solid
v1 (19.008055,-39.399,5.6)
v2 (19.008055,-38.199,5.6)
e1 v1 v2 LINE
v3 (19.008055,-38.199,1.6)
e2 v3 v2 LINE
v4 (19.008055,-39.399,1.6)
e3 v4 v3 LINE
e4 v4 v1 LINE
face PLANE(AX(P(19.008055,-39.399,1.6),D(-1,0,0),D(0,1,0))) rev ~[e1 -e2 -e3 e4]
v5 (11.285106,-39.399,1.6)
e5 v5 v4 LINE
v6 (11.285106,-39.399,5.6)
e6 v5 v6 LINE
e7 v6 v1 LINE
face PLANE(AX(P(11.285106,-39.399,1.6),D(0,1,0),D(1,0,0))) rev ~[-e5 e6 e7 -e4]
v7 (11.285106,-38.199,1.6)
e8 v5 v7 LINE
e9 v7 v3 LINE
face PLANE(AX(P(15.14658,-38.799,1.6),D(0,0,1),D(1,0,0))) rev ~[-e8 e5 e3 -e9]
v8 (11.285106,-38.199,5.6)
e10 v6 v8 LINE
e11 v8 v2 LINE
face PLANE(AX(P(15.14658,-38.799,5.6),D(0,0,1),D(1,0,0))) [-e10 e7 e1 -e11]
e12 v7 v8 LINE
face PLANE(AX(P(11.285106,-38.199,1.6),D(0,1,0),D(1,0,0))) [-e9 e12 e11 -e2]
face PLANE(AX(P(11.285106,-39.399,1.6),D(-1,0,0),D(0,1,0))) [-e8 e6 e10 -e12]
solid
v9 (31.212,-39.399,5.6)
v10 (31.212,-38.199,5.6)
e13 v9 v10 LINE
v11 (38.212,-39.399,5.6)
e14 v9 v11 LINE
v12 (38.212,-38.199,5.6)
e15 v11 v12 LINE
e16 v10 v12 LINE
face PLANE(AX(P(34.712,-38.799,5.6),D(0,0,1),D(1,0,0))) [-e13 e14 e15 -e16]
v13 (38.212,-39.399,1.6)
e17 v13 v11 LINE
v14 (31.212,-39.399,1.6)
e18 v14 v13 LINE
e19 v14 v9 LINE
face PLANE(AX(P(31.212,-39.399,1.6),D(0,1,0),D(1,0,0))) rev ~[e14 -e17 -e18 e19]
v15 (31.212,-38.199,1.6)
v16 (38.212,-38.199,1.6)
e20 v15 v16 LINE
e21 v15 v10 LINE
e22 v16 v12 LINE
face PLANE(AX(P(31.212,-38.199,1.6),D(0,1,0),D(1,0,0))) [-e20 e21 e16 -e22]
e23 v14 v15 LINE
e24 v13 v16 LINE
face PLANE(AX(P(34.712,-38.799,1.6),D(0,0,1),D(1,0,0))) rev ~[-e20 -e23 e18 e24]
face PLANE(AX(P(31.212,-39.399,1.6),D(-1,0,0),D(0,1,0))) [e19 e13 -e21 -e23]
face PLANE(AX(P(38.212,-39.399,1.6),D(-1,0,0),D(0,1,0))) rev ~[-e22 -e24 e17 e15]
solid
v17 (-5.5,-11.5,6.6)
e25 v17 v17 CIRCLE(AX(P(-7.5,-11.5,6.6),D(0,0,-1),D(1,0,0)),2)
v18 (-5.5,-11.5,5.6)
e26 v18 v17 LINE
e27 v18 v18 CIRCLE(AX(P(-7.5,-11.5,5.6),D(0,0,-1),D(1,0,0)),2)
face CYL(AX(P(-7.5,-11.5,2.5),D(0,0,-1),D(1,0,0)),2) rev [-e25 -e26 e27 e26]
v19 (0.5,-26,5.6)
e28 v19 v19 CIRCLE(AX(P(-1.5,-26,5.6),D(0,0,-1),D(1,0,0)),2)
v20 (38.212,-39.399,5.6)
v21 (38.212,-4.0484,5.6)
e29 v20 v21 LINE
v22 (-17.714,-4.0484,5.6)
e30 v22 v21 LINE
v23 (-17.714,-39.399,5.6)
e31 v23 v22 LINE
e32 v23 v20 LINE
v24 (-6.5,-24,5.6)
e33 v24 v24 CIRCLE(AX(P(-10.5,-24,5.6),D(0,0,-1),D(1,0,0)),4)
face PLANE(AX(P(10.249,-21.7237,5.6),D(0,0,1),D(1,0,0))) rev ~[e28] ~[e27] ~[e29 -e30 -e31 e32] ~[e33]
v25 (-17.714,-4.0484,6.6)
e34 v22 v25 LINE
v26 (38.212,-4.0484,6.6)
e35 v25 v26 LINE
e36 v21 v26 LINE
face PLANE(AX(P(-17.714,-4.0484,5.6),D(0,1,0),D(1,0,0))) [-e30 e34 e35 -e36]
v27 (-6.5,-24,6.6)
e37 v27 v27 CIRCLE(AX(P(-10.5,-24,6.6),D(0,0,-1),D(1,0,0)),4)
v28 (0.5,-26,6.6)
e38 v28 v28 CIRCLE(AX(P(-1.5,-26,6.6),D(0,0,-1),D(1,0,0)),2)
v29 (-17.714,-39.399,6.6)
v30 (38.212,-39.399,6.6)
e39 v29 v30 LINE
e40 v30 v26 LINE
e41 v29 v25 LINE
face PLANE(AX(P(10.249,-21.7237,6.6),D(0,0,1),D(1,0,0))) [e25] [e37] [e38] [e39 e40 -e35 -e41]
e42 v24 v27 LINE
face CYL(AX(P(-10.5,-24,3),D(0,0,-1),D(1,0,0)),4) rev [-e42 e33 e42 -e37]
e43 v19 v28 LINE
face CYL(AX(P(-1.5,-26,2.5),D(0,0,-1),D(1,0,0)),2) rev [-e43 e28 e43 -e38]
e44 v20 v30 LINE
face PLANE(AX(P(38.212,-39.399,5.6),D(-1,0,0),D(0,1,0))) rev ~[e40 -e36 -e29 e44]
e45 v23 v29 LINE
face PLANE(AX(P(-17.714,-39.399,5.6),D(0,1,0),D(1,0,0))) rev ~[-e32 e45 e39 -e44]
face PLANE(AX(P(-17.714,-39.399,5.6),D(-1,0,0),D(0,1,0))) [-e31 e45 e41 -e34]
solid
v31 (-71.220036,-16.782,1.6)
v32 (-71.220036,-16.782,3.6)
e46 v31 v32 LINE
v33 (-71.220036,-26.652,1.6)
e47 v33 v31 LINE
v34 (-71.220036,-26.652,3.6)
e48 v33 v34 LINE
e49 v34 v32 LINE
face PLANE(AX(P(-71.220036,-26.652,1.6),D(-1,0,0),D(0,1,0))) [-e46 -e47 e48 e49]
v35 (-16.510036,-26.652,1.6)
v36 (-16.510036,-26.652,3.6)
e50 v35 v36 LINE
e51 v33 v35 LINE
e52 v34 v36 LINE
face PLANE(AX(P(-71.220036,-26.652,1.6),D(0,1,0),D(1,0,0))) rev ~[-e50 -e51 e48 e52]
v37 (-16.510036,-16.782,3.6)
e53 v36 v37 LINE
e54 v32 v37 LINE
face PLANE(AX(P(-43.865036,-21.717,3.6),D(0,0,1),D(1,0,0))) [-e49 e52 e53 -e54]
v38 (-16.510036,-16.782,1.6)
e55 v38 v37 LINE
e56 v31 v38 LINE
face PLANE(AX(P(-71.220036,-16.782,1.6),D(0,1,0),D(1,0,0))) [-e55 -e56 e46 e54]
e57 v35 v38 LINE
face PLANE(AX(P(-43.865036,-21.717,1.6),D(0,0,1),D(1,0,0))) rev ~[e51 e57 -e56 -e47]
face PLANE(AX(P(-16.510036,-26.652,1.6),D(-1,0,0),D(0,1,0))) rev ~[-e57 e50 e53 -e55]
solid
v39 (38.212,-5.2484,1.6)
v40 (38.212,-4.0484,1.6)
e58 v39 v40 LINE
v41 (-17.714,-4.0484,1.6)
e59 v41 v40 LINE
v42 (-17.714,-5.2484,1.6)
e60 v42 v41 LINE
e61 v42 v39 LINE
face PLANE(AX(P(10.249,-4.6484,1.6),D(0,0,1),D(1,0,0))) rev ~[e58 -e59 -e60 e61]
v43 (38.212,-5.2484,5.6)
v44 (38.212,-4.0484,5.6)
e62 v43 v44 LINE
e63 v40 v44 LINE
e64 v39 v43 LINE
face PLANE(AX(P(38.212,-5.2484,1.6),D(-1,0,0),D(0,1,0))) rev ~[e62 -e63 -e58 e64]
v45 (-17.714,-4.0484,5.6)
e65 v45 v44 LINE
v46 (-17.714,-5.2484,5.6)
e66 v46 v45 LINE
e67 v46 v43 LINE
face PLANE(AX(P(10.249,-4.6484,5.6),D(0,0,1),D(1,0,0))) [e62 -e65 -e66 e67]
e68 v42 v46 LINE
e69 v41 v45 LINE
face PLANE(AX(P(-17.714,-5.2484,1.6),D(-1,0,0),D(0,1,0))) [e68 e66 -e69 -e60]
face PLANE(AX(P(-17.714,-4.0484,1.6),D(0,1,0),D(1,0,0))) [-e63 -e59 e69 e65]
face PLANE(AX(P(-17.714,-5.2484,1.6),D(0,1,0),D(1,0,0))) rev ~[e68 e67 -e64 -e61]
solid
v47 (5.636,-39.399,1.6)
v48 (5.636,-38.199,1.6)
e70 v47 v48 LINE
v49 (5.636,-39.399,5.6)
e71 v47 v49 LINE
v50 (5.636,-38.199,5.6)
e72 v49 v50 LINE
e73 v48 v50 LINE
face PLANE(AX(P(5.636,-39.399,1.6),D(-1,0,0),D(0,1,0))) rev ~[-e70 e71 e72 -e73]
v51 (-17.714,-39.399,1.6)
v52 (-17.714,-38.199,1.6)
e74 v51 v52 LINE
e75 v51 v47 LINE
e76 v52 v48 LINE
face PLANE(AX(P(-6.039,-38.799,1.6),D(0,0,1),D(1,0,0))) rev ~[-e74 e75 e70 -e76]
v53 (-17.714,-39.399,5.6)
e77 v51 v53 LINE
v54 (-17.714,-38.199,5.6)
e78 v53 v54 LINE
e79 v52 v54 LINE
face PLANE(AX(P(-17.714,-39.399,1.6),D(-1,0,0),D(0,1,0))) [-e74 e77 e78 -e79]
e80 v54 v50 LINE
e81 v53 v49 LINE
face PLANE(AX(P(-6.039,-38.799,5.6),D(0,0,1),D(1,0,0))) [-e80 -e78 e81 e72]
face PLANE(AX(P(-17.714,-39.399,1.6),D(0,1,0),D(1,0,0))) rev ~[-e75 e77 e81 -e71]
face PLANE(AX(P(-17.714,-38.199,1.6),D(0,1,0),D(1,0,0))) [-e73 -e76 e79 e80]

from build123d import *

# Parameters (mm, degrees)
SKETCH003_W       = 7
SKETCH003_H       = 1.2
EXTRUDE024_DEPTH  = 4
SKETCH005_W       = 7.722949
SKETCH005_H       = 1.2
EXTRUDE026_DEPTH  = 4
SKETCH007_W       = 23.35
SKETCH007_H       = 1.2
EXTRUDE028_DEPTH  = 4
SKETCH012_W       = 54.71
SKETCH012_H       = 9.87
EXTRUDE031_DEPTH  = 2
CYLINDER001_R     = 4
CYLINDER001_DEPTH = 10
CYLINDER002_R     = 2
CYLINDER002_DEPTH = 10
CYLINDER_R        = 2
CYLINDER_DEPTH    = 10
SKETCH_W          = 55.926
SKETCH_H          = 35.3506
EXTRUDE_DEPTH     = 1
SKETCH006_W       = 55.926
SKETCH006_H       = 1.2
EXTRUDE027_DEPTH  = 4


with BuildPart() as extrude024:
    # Sketch003 → Extrude024 (new body)
    with BuildSketch(Plane.XY.offset(1.6)):
        with Locations((34.712, -38.799)):
            Rectangle(SKETCH003_W, SKETCH003_H)
    extrude(amount=EXTRUDE024_DEPTH)


with BuildPart() as extrude026:
    # Sketch005 → Extrude026 (new body)
    with BuildSketch(Plane.XY.offset(1.6)):
        with Locations((15.14658, -38.799)):
            Rectangle(SKETCH005_W, SKETCH005_H)
    extrude(amount=EXTRUDE026_DEPTH)


with BuildPart() as extrude028:
    # Sketch007 → Extrude028 (new body)
    with BuildSketch(Plane.XY.offset(1.6)):
        with Locations((-6.039, -38.799)):
            Rectangle(SKETCH007_W, SKETCH007_H)
    extrude(amount=EXTRUDE028_DEPTH)


with BuildPart() as extrude031:
    # Sketch012 → Extrude031 (new body)
    with BuildSketch(Plane.XY.offset(1.6)):
        with Locations((-43.865036, -21.717)):
            Rectangle(SKETCH012_W, SKETCH012_H)
    extrude(amount=EXTRUDE031_DEPTH)


with BuildPart() as cylinder001:
    # Cylinder001 → Cylinder001 (new body)
    with BuildSketch(Plane(origin=(-10.5, -24, 3), x_dir=(1, 0, 0), z_dir=(0, 0, 1))):
        Circle(CYLINDER001_R)
    extrude(amount=CYLINDER001_DEPTH)


with BuildPart() as cylinder002:
    # Cylinder002 → Cylinder002 (new body)
    with BuildSketch(Plane(origin=(-7.5, -11.5, 2.5), x_dir=(1, 0, 0), z_dir=(0, 0, 1))):
        Circle(CYLINDER002_R)
    extrude(amount=CYLINDER002_DEPTH)


with BuildPart() as cylinder:
    # Cylinder → Cylinder (new body)
    with BuildSketch(Plane(origin=(-1.5, -26, 2.5), x_dir=(1, 0, 0), z_dir=(0, 0, 1))):
        Circle(CYLINDER_R)
    extrude(amount=CYLINDER_DEPTH)


with BuildPart() as cut002:
    # Sketch (on Face6 of Extrude027) → Extrude (new body)
    with BuildSketch(Plane.XY.offset(5.6)):
        with Locations((10.249, -21.7237)):
            Rectangle(SKETCH_W, SKETCH_H)
    extrude(amount=EXTRUDE_DEPTH)

    # Cut: cut Cylinder
    add(cylinder.part, mode=Mode.SUBTRACT)

    # Cut001: cut Cylinder002
    add(cylinder002.part, mode=Mode.SUBTRACT)

    # Cut002: cut Cylinder001
    add(cylinder001.part, mode=Mode.SUBTRACT)


with BuildPart() as extrude027:
    # Sketch006 → Extrude027 (new body)
    with BuildSketch(Plane.XY.offset(1.6)):
        with Locations((10.249, -4.6484)):
            Rectangle(SKETCH006_W, SKETCH006_H)
    extrude(amount=EXTRUDE027_DEPTH)


solid = Compound([extrude024.part, extrude026.part, extrude028.part, extrude031.part, cut002.part, extrude027.part])
